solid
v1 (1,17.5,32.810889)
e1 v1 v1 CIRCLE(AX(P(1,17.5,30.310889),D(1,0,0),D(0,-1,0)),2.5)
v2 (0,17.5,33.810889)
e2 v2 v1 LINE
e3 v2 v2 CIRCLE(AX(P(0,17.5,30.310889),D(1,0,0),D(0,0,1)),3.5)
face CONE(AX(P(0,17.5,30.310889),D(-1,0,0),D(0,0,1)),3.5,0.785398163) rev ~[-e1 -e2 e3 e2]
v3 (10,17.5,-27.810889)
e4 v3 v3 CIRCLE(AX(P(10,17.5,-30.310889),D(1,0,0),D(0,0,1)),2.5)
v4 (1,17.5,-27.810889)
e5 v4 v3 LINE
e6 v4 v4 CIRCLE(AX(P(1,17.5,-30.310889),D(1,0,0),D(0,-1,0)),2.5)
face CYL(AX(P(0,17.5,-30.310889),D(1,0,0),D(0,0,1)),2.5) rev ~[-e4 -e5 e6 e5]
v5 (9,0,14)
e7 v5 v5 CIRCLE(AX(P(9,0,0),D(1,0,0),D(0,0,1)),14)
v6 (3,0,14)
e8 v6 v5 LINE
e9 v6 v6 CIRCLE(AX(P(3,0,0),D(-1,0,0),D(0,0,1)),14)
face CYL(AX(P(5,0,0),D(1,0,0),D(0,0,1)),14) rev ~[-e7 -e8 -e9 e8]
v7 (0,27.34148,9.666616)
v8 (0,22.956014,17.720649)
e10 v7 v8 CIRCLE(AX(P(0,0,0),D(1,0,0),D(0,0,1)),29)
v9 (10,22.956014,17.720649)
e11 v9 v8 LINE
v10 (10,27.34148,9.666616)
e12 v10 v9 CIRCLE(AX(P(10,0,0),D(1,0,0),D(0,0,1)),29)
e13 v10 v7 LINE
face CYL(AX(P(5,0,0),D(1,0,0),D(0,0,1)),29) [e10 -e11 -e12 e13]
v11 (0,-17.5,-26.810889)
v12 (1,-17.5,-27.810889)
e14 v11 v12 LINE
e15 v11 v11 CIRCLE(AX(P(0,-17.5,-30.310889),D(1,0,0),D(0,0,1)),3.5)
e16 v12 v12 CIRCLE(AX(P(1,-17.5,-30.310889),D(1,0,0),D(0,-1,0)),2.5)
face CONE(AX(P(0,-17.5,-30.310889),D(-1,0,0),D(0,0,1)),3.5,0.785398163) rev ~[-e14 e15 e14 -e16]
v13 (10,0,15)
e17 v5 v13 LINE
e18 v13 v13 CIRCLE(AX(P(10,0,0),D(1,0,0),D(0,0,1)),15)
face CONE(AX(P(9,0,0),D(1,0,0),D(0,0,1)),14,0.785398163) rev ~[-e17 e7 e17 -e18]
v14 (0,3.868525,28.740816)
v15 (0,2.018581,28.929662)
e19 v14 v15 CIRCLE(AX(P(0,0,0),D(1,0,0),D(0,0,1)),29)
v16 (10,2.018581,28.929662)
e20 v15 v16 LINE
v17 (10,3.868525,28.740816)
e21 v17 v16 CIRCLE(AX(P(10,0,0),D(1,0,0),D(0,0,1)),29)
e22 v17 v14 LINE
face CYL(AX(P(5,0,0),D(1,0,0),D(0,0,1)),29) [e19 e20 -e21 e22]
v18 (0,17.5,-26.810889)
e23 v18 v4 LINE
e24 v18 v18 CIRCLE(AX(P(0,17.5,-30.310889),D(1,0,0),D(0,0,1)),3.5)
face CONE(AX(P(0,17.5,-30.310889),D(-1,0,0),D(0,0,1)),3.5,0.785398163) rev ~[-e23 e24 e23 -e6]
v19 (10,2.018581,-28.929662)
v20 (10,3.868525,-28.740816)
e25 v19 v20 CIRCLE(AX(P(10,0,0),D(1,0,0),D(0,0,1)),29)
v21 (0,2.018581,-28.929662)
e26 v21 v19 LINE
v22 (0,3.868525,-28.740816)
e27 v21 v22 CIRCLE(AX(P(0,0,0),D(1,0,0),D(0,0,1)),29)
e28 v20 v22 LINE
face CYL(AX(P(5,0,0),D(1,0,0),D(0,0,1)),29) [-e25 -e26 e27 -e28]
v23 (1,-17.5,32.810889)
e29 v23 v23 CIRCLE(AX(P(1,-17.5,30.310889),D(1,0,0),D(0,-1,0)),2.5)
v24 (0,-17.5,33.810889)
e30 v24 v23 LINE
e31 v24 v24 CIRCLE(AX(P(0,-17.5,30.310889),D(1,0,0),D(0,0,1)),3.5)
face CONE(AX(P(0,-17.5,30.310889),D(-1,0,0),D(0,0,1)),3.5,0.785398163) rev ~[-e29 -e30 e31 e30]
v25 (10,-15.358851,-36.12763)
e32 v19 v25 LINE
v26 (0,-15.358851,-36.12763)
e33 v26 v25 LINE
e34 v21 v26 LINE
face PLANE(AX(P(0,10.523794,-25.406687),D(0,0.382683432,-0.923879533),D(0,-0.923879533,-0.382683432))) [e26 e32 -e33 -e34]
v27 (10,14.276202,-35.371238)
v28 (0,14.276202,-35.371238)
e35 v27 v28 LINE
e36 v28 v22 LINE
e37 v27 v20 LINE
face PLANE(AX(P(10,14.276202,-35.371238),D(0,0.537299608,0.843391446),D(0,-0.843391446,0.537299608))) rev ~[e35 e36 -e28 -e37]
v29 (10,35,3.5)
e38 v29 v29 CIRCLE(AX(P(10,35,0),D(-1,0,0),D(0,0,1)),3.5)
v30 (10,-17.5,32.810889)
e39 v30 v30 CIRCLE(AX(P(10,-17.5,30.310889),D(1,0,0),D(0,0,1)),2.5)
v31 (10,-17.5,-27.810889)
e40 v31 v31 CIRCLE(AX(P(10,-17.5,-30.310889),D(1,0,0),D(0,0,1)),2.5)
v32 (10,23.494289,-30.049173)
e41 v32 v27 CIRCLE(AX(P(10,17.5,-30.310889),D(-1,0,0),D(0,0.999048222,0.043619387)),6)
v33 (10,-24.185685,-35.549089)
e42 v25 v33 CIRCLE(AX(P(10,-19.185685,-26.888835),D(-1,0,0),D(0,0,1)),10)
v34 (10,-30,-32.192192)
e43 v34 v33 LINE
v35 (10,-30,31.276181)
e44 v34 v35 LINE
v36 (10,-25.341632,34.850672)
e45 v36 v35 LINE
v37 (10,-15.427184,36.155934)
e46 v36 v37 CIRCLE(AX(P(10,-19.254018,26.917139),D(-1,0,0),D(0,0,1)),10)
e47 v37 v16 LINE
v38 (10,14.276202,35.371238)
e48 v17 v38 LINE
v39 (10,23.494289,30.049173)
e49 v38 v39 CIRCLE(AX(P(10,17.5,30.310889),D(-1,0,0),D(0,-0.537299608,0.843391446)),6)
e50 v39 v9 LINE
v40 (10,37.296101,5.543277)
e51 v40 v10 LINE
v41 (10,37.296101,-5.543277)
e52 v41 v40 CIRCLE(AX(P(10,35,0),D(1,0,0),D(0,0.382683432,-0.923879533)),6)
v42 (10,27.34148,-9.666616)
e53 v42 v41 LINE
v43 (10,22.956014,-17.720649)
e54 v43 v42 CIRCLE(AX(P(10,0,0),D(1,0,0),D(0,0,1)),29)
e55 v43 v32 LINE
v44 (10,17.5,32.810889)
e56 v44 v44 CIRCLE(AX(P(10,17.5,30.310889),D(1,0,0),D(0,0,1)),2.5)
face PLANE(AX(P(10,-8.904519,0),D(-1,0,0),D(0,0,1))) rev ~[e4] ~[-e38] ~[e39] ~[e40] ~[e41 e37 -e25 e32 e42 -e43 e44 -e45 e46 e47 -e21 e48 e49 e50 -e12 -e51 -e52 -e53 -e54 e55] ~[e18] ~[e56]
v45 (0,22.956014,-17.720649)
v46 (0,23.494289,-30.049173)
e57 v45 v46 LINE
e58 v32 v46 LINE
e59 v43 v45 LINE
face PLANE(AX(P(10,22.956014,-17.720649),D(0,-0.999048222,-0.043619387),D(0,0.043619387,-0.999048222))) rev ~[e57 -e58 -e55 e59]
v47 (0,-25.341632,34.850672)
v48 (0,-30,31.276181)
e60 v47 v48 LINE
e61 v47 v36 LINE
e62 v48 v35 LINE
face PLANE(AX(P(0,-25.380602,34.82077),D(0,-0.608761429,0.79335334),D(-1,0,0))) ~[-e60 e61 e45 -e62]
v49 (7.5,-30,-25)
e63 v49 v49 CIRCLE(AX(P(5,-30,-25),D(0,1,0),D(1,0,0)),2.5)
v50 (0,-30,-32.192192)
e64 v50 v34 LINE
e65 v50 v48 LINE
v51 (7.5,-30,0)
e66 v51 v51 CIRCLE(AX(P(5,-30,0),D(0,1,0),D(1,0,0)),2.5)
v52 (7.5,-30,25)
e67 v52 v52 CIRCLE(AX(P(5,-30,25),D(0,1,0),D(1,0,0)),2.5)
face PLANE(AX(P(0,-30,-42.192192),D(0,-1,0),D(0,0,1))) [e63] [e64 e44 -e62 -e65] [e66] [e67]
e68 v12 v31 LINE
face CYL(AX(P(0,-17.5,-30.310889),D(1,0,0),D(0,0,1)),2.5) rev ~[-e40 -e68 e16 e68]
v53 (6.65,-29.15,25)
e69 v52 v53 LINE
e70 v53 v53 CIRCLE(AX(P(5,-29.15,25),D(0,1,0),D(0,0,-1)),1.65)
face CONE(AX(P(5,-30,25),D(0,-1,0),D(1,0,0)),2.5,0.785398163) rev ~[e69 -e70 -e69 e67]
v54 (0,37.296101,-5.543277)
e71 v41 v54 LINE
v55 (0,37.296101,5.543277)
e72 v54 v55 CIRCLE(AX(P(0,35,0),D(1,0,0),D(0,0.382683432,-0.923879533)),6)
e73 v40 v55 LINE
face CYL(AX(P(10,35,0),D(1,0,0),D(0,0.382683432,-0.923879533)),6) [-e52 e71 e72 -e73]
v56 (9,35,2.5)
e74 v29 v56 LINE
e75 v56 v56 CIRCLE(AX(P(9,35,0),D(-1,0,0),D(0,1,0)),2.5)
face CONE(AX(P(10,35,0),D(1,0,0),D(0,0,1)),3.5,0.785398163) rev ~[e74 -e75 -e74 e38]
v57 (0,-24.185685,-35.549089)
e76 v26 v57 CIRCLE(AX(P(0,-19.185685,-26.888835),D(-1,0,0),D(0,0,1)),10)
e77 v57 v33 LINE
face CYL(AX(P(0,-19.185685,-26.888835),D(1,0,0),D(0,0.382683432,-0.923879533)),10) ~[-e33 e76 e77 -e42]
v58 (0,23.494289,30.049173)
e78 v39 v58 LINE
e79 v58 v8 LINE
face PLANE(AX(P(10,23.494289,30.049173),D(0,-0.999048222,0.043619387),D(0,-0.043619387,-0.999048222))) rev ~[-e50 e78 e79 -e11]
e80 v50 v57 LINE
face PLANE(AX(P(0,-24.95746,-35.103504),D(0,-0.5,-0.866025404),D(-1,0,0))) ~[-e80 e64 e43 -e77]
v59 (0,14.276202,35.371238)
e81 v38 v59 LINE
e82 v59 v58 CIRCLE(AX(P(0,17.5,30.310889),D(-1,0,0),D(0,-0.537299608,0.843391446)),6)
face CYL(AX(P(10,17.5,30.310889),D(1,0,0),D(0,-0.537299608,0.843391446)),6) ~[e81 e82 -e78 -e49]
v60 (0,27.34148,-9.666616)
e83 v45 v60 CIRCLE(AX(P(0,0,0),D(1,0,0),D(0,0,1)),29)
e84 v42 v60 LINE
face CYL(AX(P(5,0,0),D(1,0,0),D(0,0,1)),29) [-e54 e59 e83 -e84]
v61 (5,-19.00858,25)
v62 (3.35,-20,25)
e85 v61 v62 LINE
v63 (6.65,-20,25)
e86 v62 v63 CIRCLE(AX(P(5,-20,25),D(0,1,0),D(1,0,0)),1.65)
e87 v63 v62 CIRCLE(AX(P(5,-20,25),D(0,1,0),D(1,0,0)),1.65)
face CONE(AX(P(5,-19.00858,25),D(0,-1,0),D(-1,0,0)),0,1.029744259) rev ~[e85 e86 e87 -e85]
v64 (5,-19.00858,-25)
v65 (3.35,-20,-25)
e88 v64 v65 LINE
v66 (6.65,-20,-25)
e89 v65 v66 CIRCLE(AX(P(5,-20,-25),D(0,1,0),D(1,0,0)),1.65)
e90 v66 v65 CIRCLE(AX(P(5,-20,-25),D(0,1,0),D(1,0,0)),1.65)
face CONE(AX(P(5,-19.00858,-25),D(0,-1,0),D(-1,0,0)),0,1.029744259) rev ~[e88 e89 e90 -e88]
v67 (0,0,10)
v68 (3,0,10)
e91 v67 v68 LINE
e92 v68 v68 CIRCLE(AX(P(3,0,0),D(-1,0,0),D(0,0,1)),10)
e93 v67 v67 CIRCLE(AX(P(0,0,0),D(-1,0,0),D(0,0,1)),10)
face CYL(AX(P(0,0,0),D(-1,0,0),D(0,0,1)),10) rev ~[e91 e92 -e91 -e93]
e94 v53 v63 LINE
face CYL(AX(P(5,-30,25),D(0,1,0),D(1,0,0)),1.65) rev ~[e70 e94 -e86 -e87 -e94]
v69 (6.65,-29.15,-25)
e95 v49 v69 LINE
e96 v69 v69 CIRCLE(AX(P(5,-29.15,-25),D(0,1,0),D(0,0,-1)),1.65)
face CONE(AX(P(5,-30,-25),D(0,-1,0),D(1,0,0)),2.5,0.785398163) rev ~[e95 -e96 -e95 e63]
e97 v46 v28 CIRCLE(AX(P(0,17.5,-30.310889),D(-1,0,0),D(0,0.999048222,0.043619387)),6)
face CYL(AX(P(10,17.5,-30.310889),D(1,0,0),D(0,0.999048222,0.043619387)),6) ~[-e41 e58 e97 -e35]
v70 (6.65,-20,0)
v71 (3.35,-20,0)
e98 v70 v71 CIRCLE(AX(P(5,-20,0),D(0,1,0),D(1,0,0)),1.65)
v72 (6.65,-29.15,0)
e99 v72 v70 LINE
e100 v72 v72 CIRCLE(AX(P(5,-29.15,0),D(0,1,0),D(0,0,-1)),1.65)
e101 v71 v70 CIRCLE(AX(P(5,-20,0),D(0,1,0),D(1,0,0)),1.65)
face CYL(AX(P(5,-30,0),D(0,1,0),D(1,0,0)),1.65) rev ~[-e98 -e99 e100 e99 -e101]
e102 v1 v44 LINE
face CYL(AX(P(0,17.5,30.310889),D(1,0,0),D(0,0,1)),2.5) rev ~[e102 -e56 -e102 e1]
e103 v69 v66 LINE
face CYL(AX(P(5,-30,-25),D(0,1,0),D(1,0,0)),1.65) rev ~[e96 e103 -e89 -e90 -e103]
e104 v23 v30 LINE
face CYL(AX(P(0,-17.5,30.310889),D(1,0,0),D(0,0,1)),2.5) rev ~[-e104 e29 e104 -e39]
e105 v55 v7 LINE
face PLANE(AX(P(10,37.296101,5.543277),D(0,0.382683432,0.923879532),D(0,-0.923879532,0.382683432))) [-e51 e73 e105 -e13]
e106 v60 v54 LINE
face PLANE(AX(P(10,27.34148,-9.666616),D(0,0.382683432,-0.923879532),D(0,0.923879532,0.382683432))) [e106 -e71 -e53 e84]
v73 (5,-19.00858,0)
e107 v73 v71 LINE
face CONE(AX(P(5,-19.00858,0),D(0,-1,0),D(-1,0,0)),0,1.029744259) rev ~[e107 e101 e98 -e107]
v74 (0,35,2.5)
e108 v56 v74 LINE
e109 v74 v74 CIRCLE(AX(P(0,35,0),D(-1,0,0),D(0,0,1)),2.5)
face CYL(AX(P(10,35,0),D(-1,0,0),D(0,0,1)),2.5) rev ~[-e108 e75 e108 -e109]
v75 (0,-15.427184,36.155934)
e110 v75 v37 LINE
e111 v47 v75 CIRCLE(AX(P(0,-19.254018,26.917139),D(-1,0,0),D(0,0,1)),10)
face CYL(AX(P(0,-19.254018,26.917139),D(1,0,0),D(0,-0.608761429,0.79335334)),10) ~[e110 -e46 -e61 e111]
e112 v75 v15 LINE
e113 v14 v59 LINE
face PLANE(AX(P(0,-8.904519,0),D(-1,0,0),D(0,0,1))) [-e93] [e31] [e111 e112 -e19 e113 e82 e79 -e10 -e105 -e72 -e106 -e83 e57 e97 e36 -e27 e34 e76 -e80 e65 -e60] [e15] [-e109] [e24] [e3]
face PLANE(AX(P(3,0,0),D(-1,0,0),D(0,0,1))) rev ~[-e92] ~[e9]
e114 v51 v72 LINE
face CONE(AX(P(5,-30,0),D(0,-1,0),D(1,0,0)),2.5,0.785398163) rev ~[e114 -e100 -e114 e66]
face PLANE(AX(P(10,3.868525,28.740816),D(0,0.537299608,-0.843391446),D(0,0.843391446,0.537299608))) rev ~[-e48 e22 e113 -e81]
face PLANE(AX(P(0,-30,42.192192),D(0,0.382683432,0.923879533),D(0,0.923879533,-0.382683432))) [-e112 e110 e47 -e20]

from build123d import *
from OCP.BRepFilletAPI import BRepFilletAPI_MakeChamfer

# Parameters (mm, degrees)
SKETCH_1_W                  = 10
SKETCH_1_H                  = 15
SKETCH_6_R                  = 14
SKETCH_6_R_2                = 10
EXTRUDE_1_DEPTH             = 3
SKETCH_7_R                  = 19.5
EXTRUDE_2_DEPTH             = 10
EXTRUDE_START               = -10
EXTRUDE_3_DEPTH             = 10
EXTRUDE_4_DEPTH             = 10
HOLE_WIZARD_M43_D           = 3.3
HOLE_WIZARD_M43_DEPTH       = 10
HOLE_WIZARD_M43_CSINK_D     = 5
HOLE_WIZARD_M43_CSINK_ANGLE = 90
HOLE_WIZARD_M43_TIP         = 0.991420021
HOLE_WIZARD_M61_D           = 5
HOLE_WIZARD_M61_CSINK_D     = 7
HOLE_WIZARD_M61_CSINK_ANGLE = 90
HOLE_WIZARD_M62_D           = 5
HOLE_WIZARD_M62_CSINK_D     = 7
HOLE_WIZARD_M62_CSINK_ANGLE = 90
CHAMFER_1_SIZE              = 1
CHAMFER_2_SIZE              = 10
CHAMFER_2_SIZE2             = 10.916011313
FILLET_1_R                  = 10


with BuildPart() as part:
    # Эскиз1 → Повернуть1 (revolve)
    with BuildSketch(Plane.XY, mode=Mode.PRIVATE) as revolve_1_sk:
        with Locations((5, 21.5)):
            Rectangle(SKETCH_1_W, SKETCH_1_H)
    revolve(revolve_1_sk.sketch.rotate(Axis((-29.36512031, 0, 0), (1, 0, 0)), 90), axis=Axis((-29.36512031, 0, 0), (1, 0, 0)))

    # Эскиз6 → Бобышка-Вытянуть1 (add)
    with BuildSketch(Plane.ZY):
        Circle(SKETCH_6_R)
        Circle(SKETCH_6_R_2, mode=Mode.SUBTRACT)
    extrude(amount=-EXTRUDE_1_DEPTH)

    # Эскиз7 → Бобышка-Вытянуть2 (add)
    with BuildSketch(Plane.ZY):
        with BuildLine():
            Line((-42.192192379, -30), (42.192192379, -30))
            Line((42.192192379, -30), (25.406687144, 10.52379439))
            ThreePointArc((25.406687144, 10.52379439), (0, 27.5), (-25.406687144, 10.52379439))
            Line((-25.406687144, 10.52379439), (-42.192192379, -30))
        make_face()
        Circle(SKETCH_7_R, mode=Mode.SUBTRACT)
    extrude(amount=-EXTRUDE_2_DEPTH)

    # Эскиз10 → Бобышка-Вытянуть3 (add)
    with BuildSketch(Plane.ZY.offset(EXTRUDE_START)):
        with BuildLine():
            Line((-35.371237807, 14.27620235), (-28.740816158, 3.868525117))
            ThreePointArc((-28.740816158, 3.868525117), (-25.11473671, 14.5), (-17.720649105, 22.95601436))
            Line((-17.720649105, 22.95601436), (-30.049172808, 23.494289329))
            ThreePointArc((-30.049172808, 23.494289329), (-35.507041555, 20.5), (-35.371237807, 14.27620235))
        make_face()
        with BuildLine():
            Line((30.049172808, 23.494289329), (17.720649105, 22.95601436))
            ThreePointArc((17.720649105, 22.95601436), (25.11473671, 14.5), (28.740816158, 3.868525117))
            Line((28.740816158, 3.868525117), (35.371237807, 14.27620235))
            ThreePointArc((35.371237807, 14.27620235), (35.507041555, 20.5), (30.049172808, 23.494289329))
        make_face()
    extrude(amount=EXTRUDE_3_DEPTH)

    # Эскиз14 → Бобышка-Вытянуть4 (add)
    with BuildSketch(Plane(origin=(10, 0, 0), x_dir=(0, 0, -1), z_dir=(1, 0, 0))):
        with BuildLine():
            Line((-5.543277195, 37.296100594), (-9.666616005, 27.341480118))
            ThreePointArc((-9.666616005, 27.341480118), (0, 29), (9.666616005, 27.341480118))
            Line((9.666616005, 27.341480118), (5.543277195, 37.296100594))
            ThreePointArc((5.543277195, 37.296100594), (0, 41), (-5.543277195, 37.296100594))
        make_face()
    extrude(amount=-EXTRUDE_4_DEPTH)

    # Отверстие обработанное метчиком M43
    with Locations(Plane(origin=(0, -30, 0), x_dir=(-1, 0, 0), z_dir=(0, -1, 0))):
        with Locations((-5, 0), (-5, 25), (-5, -25)):
            CounterSinkHole(HOLE_WIZARD_M43_D / 2, HOLE_WIZARD_M43_CSINK_D / 2, depth=HOLE_WIZARD_M43_DEPTH, counter_sink_angle=HOLE_WIZARD_M43_CSINK_ANGLE)
            with Locations((0, 0, -(HOLE_WIZARD_M43_DEPTH + HOLE_WIZARD_M43_TIP / 2))):  # 118° drill point
                Cone(0, HOLE_WIZARD_M43_D / 2, HOLE_WIZARD_M43_TIP, mode=Mode.SUBTRACT)

    # Отверстие обработанное метчиком M61 (through all)
    with Locations(Plane(origin=(0, 0, 0), x_dir=(0, 0, -1), z_dir=(-1, 0, 0))):
        with Locations((30.310889132, -17.5), (-30.310889132, -17.5), (-30.310889132, 17.5), (30.310889132, 17.5)):
            CounterSinkHole(HOLE_WIZARD_M61_D / 2, HOLE_WIZARD_M61_CSINK_D / 2, counter_sink_angle=HOLE_WIZARD_M61_CSINK_ANGLE)

    # Отверстие обработанное метчиком M62 (through all)
    with Locations(Plane(origin=(10, 0, 0), x_dir=(0, 0, -1), z_dir=(1, 0, 0))):
        with Locations((0, 35)):
            CounterSinkHole(HOLE_WIZARD_M62_D / 2, HOLE_WIZARD_M62_CSINK_D / 2, counter_sink_angle=HOLE_WIZARD_M62_CSINK_ANGLE)

    # Фаска1
    chamfer_1_edges = [part.edges().sort_by_distance(p)[0] for p in [
        (10, 0, -14),
    ]]
    chamfer(chamfer_1_edges, length=CHAMFER_1_SIZE)

    # Фаска2: one chamfer whose edges measure the first distance from different faces: ONE call of the kernel's chamfer builder (chamfer() names one face for all edges)
    chamfer_2_edges_1 = [part.edges().sort_by_distance(p)[0] for p in [
        (5, -30, -42.192192379),
    ]]
    chamfer_2_side_1 = [part.faces().sort_by_distance(p)[0] for p in [
        (5, -30, -41.342443923),
    ]]
    chamfer_2_edges_2 = [part.edges().sort_by_distance(p)[0] for p in [
        (5, -30, 42.192192379),
    ]]
    chamfer_2_side_2 = [part.faces().sort_by_distance(p)[0] for p in [
        (5, -13.990709354, 35.56092707),
    ]]
    chamfer_2 = BRepFilletAPI_MakeChamfer(part.part.solid().wrapped)
    for e in chamfer_2_edges_1:
        chamfer_2.Add(CHAMFER_2_SIZE, CHAMFER_2_SIZE2, e.wrapped, chamfer_2_side_1[0].wrapped)  # the first distance lies on this face
    for e in chamfer_2_edges_2:
        chamfer_2.Add(CHAMFER_2_SIZE, CHAMFER_2_SIZE2, e.wrapped, chamfer_2_side_2[0].wrapped)  # the first distance lies on this face
    add(Compound.cast(chamfer_2.Shape()), mode=Mode.REPLACE)

    # Скругление1
    fillet_1_edges = [part.edges().sort_by_distance(p)[0] for p in [
        (5, -20.761204675, 38.365358056),
        (5, -19.914920571, -38.014815702),
    ]]
    fillet(fillet_1_edges, radius=FILLET_1_R)


solid = part.part
